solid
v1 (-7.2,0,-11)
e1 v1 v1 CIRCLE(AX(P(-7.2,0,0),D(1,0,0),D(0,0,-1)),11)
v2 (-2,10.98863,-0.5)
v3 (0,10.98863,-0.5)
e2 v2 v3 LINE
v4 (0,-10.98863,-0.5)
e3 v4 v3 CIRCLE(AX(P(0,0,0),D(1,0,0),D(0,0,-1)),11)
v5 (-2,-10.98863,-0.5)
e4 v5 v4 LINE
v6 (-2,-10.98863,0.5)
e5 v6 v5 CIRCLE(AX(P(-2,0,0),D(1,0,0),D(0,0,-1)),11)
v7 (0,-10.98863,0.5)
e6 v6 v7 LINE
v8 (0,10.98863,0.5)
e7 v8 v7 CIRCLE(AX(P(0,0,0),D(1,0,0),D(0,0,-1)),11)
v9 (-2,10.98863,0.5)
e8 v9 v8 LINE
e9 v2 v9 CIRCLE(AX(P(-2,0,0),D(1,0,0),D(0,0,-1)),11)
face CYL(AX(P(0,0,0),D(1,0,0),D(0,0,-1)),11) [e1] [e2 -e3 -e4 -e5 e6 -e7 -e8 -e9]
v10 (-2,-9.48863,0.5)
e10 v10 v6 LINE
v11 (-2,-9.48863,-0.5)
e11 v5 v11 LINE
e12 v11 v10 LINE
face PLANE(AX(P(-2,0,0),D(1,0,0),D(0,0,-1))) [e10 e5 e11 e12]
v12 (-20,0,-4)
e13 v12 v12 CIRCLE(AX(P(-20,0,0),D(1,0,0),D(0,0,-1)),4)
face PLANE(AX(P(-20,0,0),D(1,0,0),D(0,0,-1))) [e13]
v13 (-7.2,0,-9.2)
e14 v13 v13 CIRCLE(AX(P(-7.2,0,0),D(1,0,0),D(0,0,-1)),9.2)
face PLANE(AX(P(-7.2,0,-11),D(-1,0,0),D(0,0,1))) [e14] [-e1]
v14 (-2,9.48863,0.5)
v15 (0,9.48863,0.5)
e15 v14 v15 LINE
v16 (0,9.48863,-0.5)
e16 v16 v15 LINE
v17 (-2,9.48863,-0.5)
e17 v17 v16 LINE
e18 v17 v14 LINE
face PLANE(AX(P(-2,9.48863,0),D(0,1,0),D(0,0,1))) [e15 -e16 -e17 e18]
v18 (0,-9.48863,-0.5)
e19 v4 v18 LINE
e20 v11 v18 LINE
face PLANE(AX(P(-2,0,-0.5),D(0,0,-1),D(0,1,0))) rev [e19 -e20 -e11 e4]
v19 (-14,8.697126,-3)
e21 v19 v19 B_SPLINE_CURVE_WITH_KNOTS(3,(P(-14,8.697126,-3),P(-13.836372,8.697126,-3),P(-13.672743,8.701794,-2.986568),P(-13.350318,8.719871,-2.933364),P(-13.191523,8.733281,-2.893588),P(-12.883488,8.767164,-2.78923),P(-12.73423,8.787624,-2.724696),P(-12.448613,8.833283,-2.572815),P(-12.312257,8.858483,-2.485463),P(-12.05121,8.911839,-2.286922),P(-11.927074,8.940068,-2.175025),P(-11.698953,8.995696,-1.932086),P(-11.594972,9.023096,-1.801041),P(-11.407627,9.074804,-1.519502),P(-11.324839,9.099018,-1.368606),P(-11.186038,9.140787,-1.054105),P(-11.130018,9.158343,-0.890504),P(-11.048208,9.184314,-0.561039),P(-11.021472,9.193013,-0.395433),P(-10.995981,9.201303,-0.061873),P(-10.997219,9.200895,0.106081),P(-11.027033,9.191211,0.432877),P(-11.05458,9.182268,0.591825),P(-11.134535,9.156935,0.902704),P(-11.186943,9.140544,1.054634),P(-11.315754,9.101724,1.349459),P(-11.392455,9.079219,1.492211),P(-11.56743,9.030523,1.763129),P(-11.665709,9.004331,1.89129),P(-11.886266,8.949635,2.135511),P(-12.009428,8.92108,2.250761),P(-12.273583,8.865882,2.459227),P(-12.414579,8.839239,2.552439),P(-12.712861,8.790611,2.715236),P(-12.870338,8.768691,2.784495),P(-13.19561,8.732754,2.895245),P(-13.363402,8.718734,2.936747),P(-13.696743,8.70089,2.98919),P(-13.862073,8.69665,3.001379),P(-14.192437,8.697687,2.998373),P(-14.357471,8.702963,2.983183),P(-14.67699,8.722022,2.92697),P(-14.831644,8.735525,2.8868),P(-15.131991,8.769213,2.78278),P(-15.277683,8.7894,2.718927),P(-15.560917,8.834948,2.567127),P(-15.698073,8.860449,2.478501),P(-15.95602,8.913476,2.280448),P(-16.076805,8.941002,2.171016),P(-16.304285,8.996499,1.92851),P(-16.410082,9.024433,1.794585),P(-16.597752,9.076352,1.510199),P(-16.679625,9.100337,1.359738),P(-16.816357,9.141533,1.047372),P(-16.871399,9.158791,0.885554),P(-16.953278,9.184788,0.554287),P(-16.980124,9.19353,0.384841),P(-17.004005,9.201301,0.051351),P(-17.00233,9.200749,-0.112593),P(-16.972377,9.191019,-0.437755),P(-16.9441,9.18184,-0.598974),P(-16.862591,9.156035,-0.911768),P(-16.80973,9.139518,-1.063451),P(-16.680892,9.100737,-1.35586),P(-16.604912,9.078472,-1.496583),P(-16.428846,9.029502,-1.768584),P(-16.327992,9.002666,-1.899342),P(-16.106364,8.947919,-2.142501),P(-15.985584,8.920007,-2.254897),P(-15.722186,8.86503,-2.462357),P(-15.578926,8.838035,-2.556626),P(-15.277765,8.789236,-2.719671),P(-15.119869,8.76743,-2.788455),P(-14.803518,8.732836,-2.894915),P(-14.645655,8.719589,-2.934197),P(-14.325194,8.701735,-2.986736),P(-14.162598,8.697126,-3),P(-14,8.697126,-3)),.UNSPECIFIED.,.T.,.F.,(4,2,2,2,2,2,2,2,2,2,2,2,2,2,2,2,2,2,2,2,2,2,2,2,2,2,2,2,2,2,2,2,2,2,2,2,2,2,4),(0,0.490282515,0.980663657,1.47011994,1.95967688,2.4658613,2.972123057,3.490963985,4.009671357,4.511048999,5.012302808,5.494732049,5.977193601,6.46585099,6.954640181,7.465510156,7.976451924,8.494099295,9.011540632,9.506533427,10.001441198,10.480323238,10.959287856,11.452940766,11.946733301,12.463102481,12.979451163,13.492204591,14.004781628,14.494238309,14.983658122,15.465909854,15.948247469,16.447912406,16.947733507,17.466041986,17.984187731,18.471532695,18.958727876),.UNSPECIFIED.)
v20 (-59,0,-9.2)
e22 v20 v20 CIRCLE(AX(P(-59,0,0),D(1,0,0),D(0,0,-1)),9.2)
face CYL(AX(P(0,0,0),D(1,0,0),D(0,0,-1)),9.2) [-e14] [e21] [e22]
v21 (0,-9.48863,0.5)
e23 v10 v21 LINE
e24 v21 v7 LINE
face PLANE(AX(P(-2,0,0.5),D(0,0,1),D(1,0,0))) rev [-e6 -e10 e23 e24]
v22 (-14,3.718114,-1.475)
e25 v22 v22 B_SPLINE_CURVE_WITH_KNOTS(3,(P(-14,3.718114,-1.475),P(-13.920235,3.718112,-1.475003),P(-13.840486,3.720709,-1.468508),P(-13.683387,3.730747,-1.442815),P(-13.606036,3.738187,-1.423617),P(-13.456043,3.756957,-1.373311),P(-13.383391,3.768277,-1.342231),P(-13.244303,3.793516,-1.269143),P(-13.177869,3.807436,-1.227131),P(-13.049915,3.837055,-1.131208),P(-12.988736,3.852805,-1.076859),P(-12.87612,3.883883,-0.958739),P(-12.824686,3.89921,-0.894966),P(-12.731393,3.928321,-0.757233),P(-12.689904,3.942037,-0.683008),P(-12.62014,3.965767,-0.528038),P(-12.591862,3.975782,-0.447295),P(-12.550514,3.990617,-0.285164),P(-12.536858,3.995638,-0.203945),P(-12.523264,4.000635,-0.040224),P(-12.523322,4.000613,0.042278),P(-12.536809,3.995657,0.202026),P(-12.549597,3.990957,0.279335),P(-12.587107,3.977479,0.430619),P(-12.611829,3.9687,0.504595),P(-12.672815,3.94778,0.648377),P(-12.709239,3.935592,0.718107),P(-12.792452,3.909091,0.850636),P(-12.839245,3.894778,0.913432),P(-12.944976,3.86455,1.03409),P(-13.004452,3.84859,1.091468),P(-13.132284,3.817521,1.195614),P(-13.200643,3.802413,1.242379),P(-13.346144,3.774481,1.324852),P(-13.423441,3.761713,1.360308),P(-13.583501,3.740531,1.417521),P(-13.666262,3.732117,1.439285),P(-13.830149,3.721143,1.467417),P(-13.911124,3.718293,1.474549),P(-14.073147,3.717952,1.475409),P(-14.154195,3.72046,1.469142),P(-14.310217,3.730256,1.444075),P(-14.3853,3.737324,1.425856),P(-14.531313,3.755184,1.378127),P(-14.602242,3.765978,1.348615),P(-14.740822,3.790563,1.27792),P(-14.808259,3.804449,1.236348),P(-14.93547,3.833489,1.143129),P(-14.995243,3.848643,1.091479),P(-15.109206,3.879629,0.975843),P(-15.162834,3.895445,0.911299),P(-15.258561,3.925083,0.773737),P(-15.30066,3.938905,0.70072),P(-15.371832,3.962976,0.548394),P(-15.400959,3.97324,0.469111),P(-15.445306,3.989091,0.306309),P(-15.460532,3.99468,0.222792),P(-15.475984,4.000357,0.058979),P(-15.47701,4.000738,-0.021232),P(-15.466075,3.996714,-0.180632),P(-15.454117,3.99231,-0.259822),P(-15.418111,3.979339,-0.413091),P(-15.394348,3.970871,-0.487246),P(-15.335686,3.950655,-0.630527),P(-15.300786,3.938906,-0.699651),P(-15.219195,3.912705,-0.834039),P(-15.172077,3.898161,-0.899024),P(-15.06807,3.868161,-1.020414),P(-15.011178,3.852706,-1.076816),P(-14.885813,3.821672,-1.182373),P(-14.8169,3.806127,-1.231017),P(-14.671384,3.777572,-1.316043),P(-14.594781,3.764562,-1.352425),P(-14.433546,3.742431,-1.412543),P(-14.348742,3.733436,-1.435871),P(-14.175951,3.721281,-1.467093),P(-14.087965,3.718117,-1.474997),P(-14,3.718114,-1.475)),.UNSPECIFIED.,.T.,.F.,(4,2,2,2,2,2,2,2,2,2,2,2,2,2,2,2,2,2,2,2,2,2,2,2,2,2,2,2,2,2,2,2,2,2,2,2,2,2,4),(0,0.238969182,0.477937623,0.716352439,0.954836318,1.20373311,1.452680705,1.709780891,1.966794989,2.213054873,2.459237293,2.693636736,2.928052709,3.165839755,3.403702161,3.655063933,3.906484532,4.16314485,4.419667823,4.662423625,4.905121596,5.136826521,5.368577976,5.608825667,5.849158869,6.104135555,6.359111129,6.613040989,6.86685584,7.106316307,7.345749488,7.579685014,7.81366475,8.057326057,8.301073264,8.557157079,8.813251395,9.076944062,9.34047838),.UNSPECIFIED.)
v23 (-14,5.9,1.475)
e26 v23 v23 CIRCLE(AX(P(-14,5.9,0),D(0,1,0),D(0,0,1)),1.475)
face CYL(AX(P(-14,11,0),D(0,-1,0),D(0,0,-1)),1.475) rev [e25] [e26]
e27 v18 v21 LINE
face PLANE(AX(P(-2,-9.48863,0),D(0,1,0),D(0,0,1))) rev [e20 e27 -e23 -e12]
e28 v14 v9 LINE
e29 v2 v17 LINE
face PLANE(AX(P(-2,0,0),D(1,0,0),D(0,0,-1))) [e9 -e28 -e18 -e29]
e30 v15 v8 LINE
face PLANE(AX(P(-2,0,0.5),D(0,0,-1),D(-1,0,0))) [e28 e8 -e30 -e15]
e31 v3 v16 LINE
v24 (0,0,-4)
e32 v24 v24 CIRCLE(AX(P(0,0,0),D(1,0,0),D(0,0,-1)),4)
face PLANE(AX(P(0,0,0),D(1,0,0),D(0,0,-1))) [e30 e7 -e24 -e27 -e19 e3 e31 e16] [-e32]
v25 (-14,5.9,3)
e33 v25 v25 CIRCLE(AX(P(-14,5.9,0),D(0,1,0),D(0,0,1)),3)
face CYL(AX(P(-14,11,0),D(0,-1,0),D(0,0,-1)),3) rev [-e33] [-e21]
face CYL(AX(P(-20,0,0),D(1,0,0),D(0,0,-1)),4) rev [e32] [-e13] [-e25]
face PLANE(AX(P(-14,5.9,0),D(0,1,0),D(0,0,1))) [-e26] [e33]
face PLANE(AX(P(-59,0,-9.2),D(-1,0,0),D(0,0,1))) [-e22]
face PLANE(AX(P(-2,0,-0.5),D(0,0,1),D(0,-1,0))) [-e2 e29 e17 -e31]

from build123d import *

# Parameters (mm, degrees)
SKETCH2_R          = 4
CUT_EXTRUDE1_DEPTH = 20
SKETCH3_R          = 1.475
CUT_EXTRUDE3_DEPTH = 62.650709647
CUT_EXTRUDE4_START = 2.8
SKETCH3_4_R        = 3
SKETCH3_4_R_2      = 1.475
CUT_EXTRUDE4_DEPTH = 59.850709743
CUT_EXTRUDE5_START = -2
CUT_EXTRUDE5_DEPTH = 2


with BuildPart() as part:
    # Sketch1 → Revolve1 (revolve)
    with BuildSketch(Plane(origin=(0, 0, 0), x_dir=(1, 0, 0), z_dir=(0, 1, 0))):
        Polygon((0, 0), (0, 11), (-7.2, 11), (-7.2, 9.2), (-59, 9.2), (-59, 0), align=None)
    revolve(axis=Axis((0, 0, 0), (-1, 0, 0)))

    # Sketch2 → Cut-Extrude1 (cut)
    with BuildSketch(Plane(origin=(0, 0, 0), x_dir=(0, 0, -1), z_dir=(1, 0, 0))):
        Circle(SKETCH2_R)
    extrude(amount=-CUT_EXTRUDE1_DEPTH, mode=Mode.SUBTRACT)

    # Sketch3 → Cut-Extrude3 (cut, through all)
    with BuildSketch(Plane(origin=(0, 3.1, 0), x_dir=(-1, 0, 0), z_dir=(0, 1, 0))):
        with Locations((14, 0)):
            Circle(SKETCH3_R)
    extrude(amount=CUT_EXTRUDE3_DEPTH, mode=Mode.SUBTRACT)

    # Sketch3<4> → Cut-Extrude4 (cut, through all)
    with BuildSketch(Plane(origin=(0, 3.1, 0), x_dir=(-1, 0, 0), z_dir=(0, 1, 0)).offset(CUT_EXTRUDE4_START)):
        with Locations((14, 0)):
            Circle(SKETCH3_4_R)
        with Locations((14, 0)):
            Circle(SKETCH3_4_R_2, mode=Mode.SUBTRACT)
    extrude(amount=CUT_EXTRUDE4_DEPTH, mode=Mode.SUBTRACT)

    # Sketch2<6> → Cut-Extrude5 (cut)
    with BuildSketch(Plane(origin=(0, 0, 0), x_dir=(0, 0, -1), z_dir=(1, 0, 0)).offset(CUT_EXTRUDE5_START)):
        with BuildLine():
            Line((0.5, 9.488630488), (0.5, 10.988630488))
            ThreePointArc((0.5, 10.988630488), (0, 11), (-0.5, 10.988630488))
            Line((-0.5, 10.988630488), (-0.5, 9.488630488))
            Line((-0.5, 9.488630488), (0.5, 9.488630488))
        make_face()
        with BuildLine():
            ThreePointArc((-0.5, -10.988630488), (0, -11), (0.5, -10.988630488))
            Line((0.5, -10.988630488), (0.5, -9.488630488))
            Line((0.5, -9.488630488), (-0.5, -9.488630488))
            Line((-0.5, -9.488630488), (-0.5, -10.988630488))
        make_face()
    extrude(amount=CUT_EXTRUDE5_DEPTH, mode=Mode.SUBTRACT)


solid = part.part
